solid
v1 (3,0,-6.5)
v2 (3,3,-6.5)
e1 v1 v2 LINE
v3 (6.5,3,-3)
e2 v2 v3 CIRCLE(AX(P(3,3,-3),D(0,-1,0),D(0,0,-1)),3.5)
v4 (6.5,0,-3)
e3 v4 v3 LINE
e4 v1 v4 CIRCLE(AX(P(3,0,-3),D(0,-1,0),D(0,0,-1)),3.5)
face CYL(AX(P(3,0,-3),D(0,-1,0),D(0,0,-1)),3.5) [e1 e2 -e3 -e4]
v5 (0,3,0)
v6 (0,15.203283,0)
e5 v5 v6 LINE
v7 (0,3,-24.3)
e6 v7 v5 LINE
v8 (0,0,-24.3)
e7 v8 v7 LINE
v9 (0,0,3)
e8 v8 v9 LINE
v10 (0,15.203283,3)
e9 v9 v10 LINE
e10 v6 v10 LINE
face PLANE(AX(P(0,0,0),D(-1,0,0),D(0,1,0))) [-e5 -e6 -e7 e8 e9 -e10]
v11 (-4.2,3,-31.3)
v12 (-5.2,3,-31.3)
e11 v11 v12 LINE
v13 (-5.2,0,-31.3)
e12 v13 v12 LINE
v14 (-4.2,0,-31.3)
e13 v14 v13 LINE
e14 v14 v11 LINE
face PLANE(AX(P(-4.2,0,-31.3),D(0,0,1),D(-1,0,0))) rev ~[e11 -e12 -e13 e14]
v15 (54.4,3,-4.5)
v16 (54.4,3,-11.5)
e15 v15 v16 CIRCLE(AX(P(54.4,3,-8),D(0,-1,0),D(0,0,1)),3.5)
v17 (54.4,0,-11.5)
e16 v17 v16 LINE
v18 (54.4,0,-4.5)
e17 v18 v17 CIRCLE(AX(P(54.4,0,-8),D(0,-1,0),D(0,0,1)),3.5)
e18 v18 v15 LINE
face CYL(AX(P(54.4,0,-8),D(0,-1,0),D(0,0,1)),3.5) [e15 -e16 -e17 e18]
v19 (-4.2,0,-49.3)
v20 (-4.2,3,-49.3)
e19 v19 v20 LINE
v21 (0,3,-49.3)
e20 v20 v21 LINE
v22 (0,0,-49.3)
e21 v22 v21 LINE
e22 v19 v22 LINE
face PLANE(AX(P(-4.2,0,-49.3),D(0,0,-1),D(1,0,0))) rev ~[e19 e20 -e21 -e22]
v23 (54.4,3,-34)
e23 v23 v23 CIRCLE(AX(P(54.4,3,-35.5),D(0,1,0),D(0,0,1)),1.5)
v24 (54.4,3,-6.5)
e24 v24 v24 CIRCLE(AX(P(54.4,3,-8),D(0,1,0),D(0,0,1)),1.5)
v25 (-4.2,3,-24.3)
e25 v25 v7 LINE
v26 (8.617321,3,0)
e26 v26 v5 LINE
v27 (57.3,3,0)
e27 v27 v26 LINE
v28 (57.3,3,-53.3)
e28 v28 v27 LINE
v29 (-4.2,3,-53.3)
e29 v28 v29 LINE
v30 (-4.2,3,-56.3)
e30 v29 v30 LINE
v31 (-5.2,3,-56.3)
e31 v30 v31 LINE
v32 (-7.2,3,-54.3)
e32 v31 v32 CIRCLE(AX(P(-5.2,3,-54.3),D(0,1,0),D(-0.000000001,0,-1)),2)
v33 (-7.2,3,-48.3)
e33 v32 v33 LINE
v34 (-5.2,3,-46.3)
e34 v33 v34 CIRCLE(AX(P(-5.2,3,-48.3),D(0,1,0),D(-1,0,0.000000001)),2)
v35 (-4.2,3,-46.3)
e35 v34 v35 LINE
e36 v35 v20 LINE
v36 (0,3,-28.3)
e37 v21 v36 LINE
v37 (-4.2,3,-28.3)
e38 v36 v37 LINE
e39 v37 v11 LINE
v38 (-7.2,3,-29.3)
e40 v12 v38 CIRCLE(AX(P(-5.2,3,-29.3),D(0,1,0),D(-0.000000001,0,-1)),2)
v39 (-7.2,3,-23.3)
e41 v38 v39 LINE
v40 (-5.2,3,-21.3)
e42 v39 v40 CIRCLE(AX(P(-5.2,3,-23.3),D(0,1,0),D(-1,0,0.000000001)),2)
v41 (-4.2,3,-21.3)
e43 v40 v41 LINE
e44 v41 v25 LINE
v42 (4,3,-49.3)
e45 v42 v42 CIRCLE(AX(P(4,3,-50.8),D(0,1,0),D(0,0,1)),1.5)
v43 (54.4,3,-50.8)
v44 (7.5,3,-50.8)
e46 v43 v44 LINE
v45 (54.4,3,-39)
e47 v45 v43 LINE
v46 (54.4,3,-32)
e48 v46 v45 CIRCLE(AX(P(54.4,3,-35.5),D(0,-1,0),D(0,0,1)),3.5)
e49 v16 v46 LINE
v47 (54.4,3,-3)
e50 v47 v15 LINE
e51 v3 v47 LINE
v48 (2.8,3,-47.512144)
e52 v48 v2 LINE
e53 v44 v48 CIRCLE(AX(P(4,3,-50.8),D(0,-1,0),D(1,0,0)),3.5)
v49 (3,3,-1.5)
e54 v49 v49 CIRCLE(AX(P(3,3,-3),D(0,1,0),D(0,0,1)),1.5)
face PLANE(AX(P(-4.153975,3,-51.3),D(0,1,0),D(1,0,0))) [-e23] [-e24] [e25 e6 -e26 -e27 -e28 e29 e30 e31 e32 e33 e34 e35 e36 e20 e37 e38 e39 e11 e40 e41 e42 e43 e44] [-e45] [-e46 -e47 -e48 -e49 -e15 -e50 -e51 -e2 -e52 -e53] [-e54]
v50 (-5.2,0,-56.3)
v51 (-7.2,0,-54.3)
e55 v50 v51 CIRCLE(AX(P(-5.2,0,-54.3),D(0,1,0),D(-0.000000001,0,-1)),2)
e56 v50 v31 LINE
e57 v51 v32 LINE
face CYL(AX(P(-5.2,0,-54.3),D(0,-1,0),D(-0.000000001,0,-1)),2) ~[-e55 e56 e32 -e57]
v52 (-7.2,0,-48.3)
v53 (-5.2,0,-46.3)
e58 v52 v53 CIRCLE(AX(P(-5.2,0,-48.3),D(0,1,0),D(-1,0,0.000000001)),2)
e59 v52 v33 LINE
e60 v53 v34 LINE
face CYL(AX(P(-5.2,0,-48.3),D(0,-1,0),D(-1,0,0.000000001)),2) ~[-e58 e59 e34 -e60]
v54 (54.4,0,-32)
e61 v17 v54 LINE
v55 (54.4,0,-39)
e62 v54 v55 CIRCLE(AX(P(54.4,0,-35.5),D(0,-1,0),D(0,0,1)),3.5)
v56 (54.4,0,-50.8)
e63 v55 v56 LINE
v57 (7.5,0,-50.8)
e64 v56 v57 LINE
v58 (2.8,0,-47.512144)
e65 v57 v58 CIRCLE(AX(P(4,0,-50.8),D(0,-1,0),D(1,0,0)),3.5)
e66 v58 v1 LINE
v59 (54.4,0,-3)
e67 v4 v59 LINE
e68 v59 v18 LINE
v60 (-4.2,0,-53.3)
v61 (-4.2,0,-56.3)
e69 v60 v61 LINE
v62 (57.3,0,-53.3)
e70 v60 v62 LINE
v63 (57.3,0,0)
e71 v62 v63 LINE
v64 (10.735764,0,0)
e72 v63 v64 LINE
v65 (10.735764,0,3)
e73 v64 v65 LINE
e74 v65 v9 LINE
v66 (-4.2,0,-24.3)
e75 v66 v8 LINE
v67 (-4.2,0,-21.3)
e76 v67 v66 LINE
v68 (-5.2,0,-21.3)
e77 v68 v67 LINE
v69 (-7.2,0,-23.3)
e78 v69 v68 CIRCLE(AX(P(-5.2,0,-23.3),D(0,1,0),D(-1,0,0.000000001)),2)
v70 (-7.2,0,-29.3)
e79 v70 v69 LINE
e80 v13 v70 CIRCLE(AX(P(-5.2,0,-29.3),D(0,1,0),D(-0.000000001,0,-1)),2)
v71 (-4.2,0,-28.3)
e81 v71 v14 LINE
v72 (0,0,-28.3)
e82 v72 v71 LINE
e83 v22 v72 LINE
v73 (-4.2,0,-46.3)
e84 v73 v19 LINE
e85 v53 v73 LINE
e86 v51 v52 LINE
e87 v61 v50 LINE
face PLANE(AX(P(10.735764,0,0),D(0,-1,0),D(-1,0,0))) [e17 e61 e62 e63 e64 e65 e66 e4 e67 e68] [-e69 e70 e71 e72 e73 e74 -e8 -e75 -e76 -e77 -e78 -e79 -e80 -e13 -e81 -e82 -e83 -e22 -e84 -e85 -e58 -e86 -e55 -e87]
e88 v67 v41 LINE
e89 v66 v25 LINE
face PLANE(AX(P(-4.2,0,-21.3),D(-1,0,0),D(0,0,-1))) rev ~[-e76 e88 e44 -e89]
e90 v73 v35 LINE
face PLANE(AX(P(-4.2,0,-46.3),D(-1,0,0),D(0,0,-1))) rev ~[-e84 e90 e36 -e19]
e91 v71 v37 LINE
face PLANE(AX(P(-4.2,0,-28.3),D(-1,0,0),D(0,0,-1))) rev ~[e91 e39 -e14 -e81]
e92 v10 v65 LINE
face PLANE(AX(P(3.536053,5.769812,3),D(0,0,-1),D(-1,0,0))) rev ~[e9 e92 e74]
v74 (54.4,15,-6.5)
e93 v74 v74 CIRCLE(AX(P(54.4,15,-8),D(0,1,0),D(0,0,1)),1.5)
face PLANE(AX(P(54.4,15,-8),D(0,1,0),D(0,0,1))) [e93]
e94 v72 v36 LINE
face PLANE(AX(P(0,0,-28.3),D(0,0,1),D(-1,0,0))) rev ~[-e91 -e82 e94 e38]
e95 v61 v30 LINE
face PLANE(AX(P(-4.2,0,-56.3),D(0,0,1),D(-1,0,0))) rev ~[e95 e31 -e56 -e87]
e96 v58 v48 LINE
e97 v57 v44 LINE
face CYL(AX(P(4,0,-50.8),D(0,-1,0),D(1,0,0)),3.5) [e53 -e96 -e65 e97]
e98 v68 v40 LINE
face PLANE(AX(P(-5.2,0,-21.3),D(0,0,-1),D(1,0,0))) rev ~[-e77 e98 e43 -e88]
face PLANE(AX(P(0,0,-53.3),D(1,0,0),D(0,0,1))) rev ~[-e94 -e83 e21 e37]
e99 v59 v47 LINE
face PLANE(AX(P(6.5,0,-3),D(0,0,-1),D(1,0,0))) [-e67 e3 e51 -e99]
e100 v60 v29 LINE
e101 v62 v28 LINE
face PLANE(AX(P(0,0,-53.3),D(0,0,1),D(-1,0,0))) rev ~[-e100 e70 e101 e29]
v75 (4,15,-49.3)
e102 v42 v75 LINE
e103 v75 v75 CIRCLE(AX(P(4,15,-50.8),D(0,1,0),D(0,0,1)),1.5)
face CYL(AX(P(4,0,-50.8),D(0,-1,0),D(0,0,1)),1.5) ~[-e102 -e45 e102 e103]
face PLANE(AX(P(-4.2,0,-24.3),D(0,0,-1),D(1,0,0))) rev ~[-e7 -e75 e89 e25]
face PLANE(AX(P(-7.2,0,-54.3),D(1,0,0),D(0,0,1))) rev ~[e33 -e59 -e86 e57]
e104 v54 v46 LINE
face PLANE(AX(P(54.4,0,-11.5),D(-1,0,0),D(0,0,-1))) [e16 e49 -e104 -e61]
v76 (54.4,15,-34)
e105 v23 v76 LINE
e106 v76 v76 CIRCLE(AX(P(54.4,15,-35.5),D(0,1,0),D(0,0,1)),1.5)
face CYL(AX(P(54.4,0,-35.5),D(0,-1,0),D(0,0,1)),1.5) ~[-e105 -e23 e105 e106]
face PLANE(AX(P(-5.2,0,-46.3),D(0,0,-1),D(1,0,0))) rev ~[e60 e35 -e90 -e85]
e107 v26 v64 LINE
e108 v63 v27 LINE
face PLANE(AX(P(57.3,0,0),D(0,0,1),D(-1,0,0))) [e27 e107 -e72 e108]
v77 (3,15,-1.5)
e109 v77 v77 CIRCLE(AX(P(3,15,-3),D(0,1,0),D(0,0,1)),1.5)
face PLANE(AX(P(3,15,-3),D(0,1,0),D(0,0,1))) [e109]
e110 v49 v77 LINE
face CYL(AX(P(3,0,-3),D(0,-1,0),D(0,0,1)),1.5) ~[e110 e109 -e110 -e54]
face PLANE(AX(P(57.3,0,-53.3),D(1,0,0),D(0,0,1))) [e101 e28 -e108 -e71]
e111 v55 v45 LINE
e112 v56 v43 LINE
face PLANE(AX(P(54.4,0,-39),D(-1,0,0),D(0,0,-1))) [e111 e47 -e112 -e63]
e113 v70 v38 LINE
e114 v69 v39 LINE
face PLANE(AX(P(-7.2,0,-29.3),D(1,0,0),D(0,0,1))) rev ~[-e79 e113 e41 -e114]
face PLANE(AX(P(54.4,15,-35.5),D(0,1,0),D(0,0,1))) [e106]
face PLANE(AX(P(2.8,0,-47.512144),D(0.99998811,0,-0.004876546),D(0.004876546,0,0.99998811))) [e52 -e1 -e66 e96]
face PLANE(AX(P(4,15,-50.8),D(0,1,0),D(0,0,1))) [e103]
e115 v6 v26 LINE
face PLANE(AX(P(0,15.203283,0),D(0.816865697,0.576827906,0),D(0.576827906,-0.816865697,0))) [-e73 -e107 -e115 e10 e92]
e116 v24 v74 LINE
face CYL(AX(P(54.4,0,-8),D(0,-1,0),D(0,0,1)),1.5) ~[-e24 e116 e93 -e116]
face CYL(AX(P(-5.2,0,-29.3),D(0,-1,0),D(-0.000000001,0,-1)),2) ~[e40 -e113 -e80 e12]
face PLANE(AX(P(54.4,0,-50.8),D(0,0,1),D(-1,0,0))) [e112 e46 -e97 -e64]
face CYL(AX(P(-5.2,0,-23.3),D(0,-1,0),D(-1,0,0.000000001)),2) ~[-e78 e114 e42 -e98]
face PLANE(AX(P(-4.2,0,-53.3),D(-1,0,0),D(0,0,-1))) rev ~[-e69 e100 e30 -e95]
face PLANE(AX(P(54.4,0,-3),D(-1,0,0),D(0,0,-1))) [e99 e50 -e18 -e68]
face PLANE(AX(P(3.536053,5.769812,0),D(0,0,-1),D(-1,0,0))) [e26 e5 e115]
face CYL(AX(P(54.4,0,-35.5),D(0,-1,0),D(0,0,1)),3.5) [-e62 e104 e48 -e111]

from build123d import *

# Parameters (mm, degrees)
SKETCH1_R           = 1.5
BOSS_EXTRUDE1_DEPTH = 3
BOSS_EXTRUDE2_DEPTH = 3
LPATTERN1_COUNT     = 2
LPATTERN1_PITCH     = 25
BOSS_EXTRUDE3_DEPTH = 3
SKETCH1_4_R         = 1.5
BOSS_EXTRUDE4_DEPTH = 15


with BuildPart() as part:
    # Sketch1 → Boss-Extrude1 (new body)
    with BuildSketch(Plane(origin=(0, 0, 0), x_dir=(1, 0, 0), z_dir=(0, 1, 0))):
        Polygon((0, 49.3), (0, 0), (57.3, 0), (57.3, 53.3), (0, 53.3), (0, 51.3), align=None)
        with Locations((3, 3)):
            Circle(SKETCH1_R, mode=Mode.SUBTRACT)
        with Locations((54.4, 8)):
            Circle(SKETCH1_R, mode=Mode.SUBTRACT)
        with BuildLine():
            ThreePointArc((6.5, 3), (5.474873734, 5.474873734), (3, 6.5))
            Line((3, 6.5), (2.8, 47.512143555))
            ThreePointArc((2.8, 47.512143555), (6.006240265, 47.93207392), (7.5, 50.8))
            Line((7.5, 50.8), (54.4, 50.8))
            Line((54.4, 50.8), (54.4, 39))
            ThreePointArc((54.4, 39), (50.9, 35.5), (54.4, 32))
            Line((54.4, 32), (54.4, 11.5))
            ThreePointArc((54.4, 11.5), (50.9, 8), (54.4, 4.5))
            Line((54.4, 4.5), (54.4, 3))
            Line((54.4, 3), (6.5, 3))
        make_face(mode=Mode.SUBTRACT)
        with Locations((4, 50.8)):
            Circle(SKETCH1_R, mode=Mode.SUBTRACT)
        with Locations((54.4, 35.5)):
            Circle(SKETCH1_R, mode=Mode.SUBTRACT)
    extrude(amount=BOSS_EXTRUDE1_DEPTH)

    # Sketch1<3> → Boss-Extrude2 (add)
    with BuildSketch(Plane(origin=(0, 0, 0), x_dir=(1, 0, 0), z_dir=(0, 1, 0))):
        with BuildLine():
            Line((-4.2, 49.3), (0, 49.3))
            Line((0, 49.3), (0, 51.3))
            Line((0, 51.3), (0, 53.3))
            Line((0, 53.3), (-4.2, 53.3))
            Line((-4.2, 53.3), (-4.2, 56.3))
            Line((-4.2, 56.3), (-5.2, 56.3))
            ThreePointArc((-5.2, 56.3), (-6.614213562, 55.714213562), (-7.2, 54.3))
            Line((-7.2, 54.3), (-7.2, 48.3))
            ThreePointArc((-7.2, 48.3), (-6.614213562, 46.885786438), (-5.2, 46.3))
            Line((-5.2, 46.3), (-4.2, 46.3))
            Line((-4.2, 46.3), (-4.2, 49.3))
        make_face()
    boss_extrude2 = extrude(amount=BOSS_EXTRUDE2_DEPTH)

    # LPattern1: Boss-Extrude2 ×2
    with Locations(*[(0, 0, i * LPATTERN1_PITCH) for i in range(1, LPATTERN1_COUNT)]):
        add(boss_extrude2)

    # Sketch2 → Boss-Extrude3 (add)
    with BuildSketch(Plane.XY):
        Polygon((0, 0), (0, 15.203282646), (10.735764429, 0), align=None)
    extrude(amount=BOSS_EXTRUDE3_DEPTH)

    # Sketch1<4> → Boss-Extrude4 (add)
    with BuildSketch(Plane(origin=(0, 0, 0), x_dir=(1, 0, 0), z_dir=(0, 1, 0))):
        with Locations((4, 50.8)):
            Circle(SKETCH1_4_R)
        with Locations((54.4, 35.5)):
            Circle(SKETCH1_4_R)
        with Locations((54.4, 8)):
            Circle(SKETCH1_4_R)
        with Locations((3, 3)):
            Circle(SKETCH1_4_R)
    extrude(amount=BOSS_EXTRUDE4_DEPTH)


solid = part.part
